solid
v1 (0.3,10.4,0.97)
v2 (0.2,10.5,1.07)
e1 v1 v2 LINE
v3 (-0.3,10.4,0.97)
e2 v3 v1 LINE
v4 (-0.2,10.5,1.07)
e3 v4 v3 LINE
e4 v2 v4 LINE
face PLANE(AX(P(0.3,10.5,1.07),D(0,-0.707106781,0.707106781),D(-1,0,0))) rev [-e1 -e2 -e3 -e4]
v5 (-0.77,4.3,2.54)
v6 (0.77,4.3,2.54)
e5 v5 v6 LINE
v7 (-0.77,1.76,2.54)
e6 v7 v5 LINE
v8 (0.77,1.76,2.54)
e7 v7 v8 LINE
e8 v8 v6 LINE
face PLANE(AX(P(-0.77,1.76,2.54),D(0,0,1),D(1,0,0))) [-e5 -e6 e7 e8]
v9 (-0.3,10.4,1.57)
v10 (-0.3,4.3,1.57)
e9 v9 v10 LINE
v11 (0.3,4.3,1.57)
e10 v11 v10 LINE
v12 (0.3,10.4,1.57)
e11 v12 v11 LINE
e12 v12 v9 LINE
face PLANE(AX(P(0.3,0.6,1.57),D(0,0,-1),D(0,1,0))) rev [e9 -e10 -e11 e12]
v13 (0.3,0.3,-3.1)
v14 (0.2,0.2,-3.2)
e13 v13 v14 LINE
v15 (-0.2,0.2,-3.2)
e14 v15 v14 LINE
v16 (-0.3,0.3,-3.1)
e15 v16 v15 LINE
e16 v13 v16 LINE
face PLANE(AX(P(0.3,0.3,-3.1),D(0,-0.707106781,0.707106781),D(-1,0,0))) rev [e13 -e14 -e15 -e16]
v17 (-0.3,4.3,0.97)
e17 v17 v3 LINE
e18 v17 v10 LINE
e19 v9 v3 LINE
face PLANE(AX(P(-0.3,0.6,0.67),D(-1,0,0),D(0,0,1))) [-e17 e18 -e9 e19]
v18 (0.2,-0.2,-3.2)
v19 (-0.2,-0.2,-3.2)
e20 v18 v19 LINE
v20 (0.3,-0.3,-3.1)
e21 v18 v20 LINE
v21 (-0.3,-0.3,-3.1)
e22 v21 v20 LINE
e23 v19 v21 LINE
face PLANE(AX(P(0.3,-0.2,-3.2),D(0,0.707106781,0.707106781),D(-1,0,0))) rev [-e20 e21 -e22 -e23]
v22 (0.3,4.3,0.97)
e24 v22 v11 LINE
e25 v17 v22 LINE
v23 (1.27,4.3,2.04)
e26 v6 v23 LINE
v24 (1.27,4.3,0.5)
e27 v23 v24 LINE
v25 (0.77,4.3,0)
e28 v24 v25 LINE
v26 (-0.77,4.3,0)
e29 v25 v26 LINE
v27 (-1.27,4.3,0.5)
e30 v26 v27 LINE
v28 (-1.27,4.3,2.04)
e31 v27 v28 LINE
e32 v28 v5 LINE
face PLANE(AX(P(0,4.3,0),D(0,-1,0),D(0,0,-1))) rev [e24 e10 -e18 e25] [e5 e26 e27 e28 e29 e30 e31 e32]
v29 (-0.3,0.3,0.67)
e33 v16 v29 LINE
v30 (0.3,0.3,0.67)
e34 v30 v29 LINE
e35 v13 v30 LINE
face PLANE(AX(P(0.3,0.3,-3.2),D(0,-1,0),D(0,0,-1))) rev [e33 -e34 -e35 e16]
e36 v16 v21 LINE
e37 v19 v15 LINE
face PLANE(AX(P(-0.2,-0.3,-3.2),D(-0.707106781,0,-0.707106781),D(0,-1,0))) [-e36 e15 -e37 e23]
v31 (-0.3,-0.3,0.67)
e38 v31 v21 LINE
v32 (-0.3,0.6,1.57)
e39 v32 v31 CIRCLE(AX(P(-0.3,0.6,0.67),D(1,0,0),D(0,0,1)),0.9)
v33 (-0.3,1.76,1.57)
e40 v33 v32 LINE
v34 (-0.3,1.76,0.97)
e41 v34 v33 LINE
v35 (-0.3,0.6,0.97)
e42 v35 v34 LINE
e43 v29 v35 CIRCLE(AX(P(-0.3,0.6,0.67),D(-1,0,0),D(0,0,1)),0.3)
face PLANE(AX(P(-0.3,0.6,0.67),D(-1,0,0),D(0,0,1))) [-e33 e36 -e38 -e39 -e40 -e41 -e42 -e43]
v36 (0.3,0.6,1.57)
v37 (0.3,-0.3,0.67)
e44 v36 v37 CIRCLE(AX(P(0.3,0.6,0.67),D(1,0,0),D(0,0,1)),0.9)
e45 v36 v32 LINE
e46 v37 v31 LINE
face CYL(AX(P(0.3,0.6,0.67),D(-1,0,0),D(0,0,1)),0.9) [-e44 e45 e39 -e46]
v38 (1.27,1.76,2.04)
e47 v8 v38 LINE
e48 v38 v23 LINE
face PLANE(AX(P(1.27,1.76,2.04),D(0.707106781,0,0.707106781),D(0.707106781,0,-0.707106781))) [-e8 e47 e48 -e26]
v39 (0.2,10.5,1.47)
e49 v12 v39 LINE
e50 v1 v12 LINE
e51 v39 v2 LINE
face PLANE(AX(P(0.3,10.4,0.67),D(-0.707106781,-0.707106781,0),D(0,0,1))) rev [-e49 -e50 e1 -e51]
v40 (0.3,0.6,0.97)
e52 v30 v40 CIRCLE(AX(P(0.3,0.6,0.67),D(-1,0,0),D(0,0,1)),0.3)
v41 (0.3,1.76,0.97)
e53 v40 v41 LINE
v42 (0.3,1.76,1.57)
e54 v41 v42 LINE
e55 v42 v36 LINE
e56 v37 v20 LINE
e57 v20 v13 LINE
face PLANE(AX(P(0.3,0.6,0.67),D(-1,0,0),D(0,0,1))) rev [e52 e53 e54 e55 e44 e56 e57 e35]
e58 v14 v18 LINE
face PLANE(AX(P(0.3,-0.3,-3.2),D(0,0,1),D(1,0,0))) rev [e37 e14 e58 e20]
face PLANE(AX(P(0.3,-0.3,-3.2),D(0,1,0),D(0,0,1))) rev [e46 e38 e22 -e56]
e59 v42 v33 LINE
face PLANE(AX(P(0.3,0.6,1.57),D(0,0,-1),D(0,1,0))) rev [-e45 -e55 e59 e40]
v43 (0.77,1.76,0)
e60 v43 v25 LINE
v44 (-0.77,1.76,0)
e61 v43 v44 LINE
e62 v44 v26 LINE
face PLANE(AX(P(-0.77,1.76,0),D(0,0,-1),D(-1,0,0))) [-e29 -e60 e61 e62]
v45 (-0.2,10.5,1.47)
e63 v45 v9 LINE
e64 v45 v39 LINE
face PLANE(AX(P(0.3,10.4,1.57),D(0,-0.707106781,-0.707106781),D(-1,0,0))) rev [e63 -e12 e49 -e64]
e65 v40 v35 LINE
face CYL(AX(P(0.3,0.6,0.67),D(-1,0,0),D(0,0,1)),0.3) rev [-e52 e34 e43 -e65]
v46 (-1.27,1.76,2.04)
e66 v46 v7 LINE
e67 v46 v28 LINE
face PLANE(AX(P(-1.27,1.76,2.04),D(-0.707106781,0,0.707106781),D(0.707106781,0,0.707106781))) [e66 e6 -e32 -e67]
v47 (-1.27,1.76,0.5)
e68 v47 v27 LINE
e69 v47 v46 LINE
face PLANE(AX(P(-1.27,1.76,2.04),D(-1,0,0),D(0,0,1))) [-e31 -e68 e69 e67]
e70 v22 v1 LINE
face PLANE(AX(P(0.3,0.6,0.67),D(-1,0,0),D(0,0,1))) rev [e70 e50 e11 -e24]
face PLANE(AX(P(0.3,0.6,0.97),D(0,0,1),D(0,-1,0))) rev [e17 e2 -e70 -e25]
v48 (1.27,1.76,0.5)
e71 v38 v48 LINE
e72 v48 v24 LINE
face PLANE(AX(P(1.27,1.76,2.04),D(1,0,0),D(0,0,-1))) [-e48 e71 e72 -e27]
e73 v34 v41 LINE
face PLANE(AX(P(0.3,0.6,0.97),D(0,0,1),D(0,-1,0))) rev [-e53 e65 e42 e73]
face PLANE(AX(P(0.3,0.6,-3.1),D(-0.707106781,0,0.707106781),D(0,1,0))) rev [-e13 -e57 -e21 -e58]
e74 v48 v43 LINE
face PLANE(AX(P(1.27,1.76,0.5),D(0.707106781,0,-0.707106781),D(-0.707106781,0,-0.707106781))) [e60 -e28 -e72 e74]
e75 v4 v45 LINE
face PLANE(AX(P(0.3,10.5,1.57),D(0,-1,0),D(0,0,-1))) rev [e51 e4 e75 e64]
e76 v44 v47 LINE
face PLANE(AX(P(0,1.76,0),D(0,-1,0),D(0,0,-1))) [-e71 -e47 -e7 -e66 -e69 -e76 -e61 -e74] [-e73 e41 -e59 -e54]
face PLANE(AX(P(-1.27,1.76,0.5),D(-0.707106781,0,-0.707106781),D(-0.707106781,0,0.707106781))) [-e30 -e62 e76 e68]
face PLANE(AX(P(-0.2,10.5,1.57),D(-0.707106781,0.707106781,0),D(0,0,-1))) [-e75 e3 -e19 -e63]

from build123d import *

# Parameters (mm, degrees)
CONTACT_DEPTH = 0.3
CHAMFER1_SIZE = 0.1
PLASTIC_DEPTH = 2.54


with BuildPart() as part:
    # Sketch2 → Contact (new, symmetric)
    with BuildSketch(Plane(origin=(0, 0, 0), x_dir=(0, -1, 0), z_dir=(1, 0, 0))):
        with BuildLine():
            Line((0.3, 3.2), (-0.3, 3.2))
            Line((-0.3, 3.2), (-0.3, -0.67))
            ThreePointArc((-0.3, -0.67), (-0.387867966, -0.882132034), (-0.6, -0.97))
            Line((-0.6, -0.97), (-10.5, -0.97))
            Line((-10.5, -0.97), (-10.5, -1.57))
            Line((-10.5, -1.57), (-0.6, -1.57))
            ThreePointArc((-0.6, -1.57), (0.036396103, -1.306396103), (0.3, -0.67))
            Line((0.3, -0.67), (0.3, 3.2))
        make_face()
    extrude(amount=CONTACT_DEPTH, both=True)

    # Chamfer1
    chamfer1_edges = [part.edges().sort_by_distance(p)[0] for p in [
        (0.3, 10.5, 1.27),
        (0, 0.3, -3.2),
        (0, -0.3, -3.2),
        (0, 10.5, 1.57),
        (0, 10.5, 0.97),
        (0.3, 0, -3.2),
        (-0.3, 0, -3.2),
        (-0.3, 10.5, 1.27),
    ]]
    chamfer(chamfer1_edges, length=CHAMFER1_SIZE)

    # Sketch1 → Plastic (add)
    with BuildSketch(Plane(origin=(0, 4.3, 0), x_dir=(0, 0, -1), z_dir=(0, 1, 0))):
        Polygon((-2.04, 1.27), (-0.5, 1.27), (0, 0.77), (0, -0.77), (-0.5, -1.27), (-2.04, -1.27), (-2.54, -0.77), (-2.54, 0.77), align=None)
    extrude(amount=-PLASTIC_DEPTH)


solid = part.part
